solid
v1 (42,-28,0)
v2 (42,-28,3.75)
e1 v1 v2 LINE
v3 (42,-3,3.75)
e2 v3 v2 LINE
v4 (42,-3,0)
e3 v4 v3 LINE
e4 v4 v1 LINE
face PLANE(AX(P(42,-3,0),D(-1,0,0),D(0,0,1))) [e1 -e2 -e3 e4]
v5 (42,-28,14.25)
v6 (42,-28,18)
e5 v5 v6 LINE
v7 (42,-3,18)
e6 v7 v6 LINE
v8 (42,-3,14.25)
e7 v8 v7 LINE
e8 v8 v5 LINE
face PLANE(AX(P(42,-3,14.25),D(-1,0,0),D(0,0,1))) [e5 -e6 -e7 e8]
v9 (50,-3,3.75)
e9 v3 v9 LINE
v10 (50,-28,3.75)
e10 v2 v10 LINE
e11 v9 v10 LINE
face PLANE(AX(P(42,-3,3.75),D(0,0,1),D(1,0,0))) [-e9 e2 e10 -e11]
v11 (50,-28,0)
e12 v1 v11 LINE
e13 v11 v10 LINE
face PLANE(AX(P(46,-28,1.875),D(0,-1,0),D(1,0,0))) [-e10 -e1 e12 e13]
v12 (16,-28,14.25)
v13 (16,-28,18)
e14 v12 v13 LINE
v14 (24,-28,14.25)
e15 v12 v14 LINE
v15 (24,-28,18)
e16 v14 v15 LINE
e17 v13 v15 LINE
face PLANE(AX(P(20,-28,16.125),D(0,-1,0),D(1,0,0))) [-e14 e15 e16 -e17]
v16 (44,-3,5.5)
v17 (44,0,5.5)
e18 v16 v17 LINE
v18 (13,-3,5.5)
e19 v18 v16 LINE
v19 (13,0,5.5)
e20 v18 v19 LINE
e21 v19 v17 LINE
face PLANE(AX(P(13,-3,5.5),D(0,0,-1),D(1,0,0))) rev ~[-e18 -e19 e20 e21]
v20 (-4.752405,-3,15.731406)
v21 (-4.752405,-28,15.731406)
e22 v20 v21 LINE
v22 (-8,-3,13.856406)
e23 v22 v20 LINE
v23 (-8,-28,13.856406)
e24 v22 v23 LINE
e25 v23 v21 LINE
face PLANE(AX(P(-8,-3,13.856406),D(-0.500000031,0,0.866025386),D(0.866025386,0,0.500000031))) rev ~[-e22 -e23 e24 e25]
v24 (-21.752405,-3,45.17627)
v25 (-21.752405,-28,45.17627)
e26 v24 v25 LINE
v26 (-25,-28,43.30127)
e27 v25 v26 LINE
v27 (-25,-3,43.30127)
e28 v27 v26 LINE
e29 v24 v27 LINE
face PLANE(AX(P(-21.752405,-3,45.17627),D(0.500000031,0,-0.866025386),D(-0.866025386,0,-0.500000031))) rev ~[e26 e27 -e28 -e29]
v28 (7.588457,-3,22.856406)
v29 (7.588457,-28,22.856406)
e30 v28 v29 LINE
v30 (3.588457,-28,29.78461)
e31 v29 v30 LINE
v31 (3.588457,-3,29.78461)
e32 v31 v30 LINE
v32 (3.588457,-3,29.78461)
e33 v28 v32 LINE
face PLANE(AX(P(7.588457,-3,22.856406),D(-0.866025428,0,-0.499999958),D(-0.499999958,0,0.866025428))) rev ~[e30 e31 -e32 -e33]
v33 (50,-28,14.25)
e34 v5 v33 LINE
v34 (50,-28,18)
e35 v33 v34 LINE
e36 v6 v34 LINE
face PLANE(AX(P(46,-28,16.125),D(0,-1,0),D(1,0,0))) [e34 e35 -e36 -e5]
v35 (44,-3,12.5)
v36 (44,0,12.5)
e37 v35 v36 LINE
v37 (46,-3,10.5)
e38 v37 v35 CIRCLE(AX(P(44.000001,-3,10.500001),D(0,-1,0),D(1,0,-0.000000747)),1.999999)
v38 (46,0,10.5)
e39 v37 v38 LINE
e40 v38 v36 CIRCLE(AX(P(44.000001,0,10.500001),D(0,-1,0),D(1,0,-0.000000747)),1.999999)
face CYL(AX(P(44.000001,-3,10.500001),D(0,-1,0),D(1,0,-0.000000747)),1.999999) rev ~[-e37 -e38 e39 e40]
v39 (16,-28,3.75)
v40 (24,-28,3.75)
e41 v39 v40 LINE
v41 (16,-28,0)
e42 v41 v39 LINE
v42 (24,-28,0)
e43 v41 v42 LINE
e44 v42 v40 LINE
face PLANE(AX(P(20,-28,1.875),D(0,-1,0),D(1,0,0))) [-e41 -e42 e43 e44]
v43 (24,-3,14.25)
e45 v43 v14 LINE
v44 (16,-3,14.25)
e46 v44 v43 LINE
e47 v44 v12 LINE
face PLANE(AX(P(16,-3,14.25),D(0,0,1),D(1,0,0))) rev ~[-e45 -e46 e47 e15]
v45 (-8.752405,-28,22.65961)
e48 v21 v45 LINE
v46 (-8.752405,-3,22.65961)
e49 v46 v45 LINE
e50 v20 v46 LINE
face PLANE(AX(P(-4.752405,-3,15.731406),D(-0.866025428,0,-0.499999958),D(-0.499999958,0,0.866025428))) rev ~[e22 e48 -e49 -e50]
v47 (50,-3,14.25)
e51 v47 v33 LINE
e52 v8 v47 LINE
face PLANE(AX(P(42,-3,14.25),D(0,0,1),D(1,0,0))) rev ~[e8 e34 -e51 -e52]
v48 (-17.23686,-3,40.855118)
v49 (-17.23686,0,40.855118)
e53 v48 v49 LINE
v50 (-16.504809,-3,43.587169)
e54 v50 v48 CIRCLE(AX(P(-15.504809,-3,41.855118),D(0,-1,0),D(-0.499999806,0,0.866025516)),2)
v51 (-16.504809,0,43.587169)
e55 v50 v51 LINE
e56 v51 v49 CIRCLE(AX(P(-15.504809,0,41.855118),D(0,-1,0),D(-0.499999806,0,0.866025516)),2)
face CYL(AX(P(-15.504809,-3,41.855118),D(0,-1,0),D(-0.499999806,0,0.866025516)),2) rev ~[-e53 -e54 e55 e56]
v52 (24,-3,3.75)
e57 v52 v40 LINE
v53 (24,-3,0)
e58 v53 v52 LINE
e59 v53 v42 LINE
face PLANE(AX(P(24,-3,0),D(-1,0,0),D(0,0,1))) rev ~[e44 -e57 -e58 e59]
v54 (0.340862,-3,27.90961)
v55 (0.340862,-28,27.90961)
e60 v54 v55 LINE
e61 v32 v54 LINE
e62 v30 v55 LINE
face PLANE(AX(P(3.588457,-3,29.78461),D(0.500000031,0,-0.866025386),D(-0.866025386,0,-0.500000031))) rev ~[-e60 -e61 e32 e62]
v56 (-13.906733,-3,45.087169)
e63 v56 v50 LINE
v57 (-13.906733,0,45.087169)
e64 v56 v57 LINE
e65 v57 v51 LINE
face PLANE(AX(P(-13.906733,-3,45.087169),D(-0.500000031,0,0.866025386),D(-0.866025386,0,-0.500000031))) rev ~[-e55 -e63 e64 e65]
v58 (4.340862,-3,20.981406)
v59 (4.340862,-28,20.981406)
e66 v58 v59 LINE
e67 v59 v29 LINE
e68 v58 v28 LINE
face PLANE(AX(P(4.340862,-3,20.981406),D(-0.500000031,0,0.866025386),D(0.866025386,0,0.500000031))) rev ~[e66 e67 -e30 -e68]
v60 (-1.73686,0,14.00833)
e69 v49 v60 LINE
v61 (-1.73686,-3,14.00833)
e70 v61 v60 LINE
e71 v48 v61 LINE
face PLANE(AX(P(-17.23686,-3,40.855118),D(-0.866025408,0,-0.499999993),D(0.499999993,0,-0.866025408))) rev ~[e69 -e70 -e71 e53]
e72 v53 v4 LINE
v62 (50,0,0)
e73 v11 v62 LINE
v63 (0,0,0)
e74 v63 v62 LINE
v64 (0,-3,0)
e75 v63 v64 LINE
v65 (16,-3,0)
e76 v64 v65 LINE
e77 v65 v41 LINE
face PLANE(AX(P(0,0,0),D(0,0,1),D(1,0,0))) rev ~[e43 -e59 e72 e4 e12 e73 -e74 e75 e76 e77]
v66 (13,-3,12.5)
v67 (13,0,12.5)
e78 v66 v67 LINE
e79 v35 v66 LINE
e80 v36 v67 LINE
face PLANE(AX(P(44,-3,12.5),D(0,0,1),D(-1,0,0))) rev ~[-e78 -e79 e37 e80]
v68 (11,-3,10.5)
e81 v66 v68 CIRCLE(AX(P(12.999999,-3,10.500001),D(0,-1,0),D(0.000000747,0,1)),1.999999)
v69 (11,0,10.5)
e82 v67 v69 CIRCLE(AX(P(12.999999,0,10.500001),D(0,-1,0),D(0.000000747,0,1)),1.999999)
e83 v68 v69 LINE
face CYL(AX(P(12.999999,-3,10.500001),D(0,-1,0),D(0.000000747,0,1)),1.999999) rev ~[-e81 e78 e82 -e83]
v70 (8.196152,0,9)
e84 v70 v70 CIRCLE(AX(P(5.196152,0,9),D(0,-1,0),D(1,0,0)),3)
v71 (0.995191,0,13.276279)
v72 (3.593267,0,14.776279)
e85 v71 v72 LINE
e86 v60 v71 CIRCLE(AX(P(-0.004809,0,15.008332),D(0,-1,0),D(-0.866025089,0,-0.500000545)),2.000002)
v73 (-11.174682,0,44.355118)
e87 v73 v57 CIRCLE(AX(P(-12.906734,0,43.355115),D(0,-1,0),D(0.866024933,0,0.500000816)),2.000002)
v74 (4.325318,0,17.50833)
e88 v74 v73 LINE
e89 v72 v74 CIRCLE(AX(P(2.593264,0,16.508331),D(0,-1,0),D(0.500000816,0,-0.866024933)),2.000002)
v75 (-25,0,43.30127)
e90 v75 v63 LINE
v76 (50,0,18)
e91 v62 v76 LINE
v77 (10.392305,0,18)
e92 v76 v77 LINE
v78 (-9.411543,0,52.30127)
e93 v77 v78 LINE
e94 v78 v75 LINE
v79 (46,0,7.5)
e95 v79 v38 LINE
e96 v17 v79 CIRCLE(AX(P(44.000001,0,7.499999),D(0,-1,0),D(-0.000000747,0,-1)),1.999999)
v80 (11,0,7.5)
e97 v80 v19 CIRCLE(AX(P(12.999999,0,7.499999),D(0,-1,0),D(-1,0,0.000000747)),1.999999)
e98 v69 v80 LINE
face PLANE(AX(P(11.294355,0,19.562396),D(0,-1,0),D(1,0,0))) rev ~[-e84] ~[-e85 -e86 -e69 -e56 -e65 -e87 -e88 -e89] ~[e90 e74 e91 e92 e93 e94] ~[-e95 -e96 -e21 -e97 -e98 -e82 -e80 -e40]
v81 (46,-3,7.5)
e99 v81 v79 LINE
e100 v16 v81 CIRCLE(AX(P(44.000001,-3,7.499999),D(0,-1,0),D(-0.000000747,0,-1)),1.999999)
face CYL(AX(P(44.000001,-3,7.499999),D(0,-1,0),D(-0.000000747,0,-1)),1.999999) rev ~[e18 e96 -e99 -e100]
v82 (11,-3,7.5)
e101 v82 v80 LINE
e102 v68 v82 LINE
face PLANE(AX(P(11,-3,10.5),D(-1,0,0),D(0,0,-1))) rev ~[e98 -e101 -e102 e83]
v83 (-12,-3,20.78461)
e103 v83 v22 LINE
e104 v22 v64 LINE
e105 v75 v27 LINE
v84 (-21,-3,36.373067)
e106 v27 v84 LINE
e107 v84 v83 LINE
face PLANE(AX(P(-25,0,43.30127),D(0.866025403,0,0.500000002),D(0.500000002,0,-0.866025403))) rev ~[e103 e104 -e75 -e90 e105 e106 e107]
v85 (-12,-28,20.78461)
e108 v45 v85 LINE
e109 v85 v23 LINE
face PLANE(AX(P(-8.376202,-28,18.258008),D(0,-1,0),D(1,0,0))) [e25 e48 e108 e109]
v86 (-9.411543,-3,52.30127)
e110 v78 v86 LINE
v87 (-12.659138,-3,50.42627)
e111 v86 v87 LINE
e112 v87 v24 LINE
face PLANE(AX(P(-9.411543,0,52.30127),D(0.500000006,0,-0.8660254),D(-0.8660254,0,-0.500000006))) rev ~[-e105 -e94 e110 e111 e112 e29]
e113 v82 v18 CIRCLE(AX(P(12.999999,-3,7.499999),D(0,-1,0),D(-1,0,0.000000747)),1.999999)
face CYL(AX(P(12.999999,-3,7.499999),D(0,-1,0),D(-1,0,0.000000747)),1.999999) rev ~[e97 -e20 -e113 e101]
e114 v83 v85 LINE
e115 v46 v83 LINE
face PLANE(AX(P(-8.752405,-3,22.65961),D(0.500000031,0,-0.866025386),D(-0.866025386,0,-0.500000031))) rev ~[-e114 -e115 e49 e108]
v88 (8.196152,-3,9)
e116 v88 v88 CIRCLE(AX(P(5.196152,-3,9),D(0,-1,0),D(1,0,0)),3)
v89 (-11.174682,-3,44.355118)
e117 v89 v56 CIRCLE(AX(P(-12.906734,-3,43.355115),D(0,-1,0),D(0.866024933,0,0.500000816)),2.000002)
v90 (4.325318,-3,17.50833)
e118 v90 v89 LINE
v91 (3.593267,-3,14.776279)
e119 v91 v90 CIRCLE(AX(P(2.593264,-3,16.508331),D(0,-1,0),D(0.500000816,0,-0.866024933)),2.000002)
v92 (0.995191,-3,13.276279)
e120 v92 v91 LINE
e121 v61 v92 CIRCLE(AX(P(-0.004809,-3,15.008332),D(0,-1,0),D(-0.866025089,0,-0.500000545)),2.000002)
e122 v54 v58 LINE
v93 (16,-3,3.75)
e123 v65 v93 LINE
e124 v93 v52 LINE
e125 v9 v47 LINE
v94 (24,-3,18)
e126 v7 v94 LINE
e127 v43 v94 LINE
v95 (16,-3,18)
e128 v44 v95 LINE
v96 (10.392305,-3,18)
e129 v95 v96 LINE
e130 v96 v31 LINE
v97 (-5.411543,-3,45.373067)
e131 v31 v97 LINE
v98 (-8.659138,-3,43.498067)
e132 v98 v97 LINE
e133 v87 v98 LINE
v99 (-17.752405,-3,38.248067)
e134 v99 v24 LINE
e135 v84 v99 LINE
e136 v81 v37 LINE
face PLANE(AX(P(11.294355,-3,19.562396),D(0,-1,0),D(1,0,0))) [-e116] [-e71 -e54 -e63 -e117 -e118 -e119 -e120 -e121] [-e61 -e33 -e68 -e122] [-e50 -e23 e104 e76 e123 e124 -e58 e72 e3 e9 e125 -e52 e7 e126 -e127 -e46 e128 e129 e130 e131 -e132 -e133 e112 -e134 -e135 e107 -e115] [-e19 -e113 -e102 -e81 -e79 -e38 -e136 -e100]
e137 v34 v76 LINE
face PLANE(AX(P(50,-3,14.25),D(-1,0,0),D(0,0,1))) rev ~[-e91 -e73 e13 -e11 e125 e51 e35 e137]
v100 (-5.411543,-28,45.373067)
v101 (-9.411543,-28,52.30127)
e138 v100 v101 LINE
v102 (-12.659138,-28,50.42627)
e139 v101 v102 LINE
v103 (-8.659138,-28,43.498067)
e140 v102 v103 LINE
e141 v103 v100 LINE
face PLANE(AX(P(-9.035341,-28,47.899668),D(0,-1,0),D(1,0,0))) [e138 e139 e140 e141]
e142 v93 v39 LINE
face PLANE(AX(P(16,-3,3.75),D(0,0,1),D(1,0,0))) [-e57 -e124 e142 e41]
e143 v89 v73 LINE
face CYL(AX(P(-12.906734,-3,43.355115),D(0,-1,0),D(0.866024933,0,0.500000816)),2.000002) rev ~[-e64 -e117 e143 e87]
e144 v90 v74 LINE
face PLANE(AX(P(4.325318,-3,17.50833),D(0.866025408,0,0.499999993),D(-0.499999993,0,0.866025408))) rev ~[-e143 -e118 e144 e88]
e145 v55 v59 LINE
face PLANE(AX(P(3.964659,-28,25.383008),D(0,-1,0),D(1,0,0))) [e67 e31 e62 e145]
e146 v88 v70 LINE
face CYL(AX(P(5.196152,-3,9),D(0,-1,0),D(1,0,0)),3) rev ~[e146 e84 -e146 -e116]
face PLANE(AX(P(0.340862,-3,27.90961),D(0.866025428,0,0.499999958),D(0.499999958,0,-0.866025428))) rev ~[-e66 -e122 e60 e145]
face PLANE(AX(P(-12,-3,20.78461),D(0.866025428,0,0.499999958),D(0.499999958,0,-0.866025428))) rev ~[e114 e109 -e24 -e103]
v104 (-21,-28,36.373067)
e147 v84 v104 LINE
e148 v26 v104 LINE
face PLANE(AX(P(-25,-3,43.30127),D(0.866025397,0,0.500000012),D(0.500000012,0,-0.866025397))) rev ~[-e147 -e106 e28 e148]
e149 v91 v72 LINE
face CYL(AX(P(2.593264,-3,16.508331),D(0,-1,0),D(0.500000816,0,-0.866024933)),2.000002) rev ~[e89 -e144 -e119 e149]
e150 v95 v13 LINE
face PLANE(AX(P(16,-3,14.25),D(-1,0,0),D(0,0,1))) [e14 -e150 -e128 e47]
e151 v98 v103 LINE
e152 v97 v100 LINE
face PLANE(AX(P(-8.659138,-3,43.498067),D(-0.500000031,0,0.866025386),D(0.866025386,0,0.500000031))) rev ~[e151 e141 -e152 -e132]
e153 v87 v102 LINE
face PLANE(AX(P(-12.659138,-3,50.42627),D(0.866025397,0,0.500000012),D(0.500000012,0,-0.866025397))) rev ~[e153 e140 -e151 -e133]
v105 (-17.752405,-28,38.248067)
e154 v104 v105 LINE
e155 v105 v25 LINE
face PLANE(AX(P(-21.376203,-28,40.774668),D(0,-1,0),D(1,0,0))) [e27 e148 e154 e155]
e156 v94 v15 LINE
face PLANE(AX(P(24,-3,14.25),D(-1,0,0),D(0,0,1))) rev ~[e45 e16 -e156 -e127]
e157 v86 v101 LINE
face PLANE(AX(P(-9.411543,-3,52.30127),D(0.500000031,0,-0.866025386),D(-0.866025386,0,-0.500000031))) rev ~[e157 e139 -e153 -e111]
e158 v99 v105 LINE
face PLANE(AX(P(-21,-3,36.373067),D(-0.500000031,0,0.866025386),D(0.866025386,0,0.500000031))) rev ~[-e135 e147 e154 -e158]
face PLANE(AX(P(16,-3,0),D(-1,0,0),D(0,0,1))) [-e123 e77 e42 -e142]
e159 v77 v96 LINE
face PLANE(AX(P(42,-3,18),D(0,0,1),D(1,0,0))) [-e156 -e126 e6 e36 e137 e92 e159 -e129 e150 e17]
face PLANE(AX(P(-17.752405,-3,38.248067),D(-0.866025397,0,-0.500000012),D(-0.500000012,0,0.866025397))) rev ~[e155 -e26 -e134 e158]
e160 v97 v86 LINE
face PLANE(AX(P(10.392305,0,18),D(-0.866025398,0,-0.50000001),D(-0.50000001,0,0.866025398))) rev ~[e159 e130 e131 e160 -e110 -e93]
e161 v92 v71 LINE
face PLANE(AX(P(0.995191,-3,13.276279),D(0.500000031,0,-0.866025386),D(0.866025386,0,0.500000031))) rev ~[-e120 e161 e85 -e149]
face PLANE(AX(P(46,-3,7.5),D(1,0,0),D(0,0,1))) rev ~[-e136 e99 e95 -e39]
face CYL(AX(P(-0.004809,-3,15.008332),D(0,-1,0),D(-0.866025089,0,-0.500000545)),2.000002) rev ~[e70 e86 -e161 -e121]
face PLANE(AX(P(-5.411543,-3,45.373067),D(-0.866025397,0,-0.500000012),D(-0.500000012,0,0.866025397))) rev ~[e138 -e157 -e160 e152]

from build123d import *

# Parameters (mm, degrees)
F1_DEPTH = 3
F2_W     = 8
F2_H     = 3.75
F3_DEPTH = 25
F4_R     = 3
F5_DEPTH = 3.001


with BuildPart() as f1:
    # F0 (on Front) → F1 (new body)
    with BuildSketch(Plane.XZ):
        Polygon((-25, 43.30127), (0, 0), (50, 0), (50, 18), (10.392305, 18), (-9.411543, 52.30127), align=None)
    extrude(amount=F1_DEPTH)

    # F2 (on face) → F3 (join)
    with BuildSketch(Plane.XZ.offset(3)):
        with Locations((46, 16.125)):
            Rectangle(F2_W, F2_H)
        with Locations((46, 1.875)):
            Rectangle(F2_W, F2_H)
        with Locations((20, 1.875)):
            Rectangle(F2_W, F2_H)
        with Locations((20, 16.125)):
            Rectangle(F2_W, F2_H)
        Polygon((4.340862, 20.981406), (7.588457, 22.856406), (3.588457, 29.78461), (0.340862, 27.90961), align=None)
        Polygon((-12, 20.78461), (-8, 13.856406), (-4.752405, 15.731406), (-8.752405, 22.65961), align=None)
        Polygon((-17.752405, 38.248067), (-21.752405, 45.17627), (-25, 43.30127), (-21, 36.373067), align=None)
        Polygon((-8.659138, 43.498067), (-5.411543, 45.373067), (-9.411543, 52.30127), (-12.659138, 50.42627), align=None)
    extrude(amount=F3_DEPTH)

    # F4 (on face) → F5 (cut, through all)
    with BuildSketch(Plane.XZ.offset(3)):
        with BuildLine():
            ThreePointArc((3.593267, 14.776279), (4.525118, 15.990692), (4.325318, 17.50833))
            Line((4.325318, 17.50833), (-11.174682, 44.355118))
            ThreePointArc((-11.174682, 44.355118), (-12.389095, 45.286969), (-13.906733, 45.087169))
            Line((-13.906733, 45.087169), (-16.504809, 43.587169))
            ThreePointArc((-16.504809, 43.587169), (-17.436661, 42.372756), (-17.23686, 40.855118))
            Line((-17.23686, 40.855118), (-1.73686, 14.00833))
            ThreePointArc((-1.73686, 14.00833), (-0.522448, 13.076479), (0.995191, 13.276279))
            Line((0.995191, 13.276279), (3.593267, 14.776279))
        make_face()
        with BuildLine():
            Line((44, 12.5), (13, 12.5))
            ThreePointArc((13, 12.5), (11.585786, 11.914214), (11, 10.5))
            Line((11, 10.5), (11, 7.5))
            ThreePointArc((11, 7.5), (11.585786, 6.085786), (13, 5.5))
            Line((13, 5.5), (44, 5.5))
            ThreePointArc((44, 5.5), (45.414214, 6.085786), (46, 7.5))
            Line((46, 7.5), (46, 10.5))
            ThreePointArc((46, 10.5), (45.414214, 11.914214), (44, 12.5))
        make_face()
        with Locations((5.196152, 9)):
            Circle(F4_R)
    extrude(amount=-F5_DEPTH, mode=Mode.SUBTRACT)


solid = f1.part
